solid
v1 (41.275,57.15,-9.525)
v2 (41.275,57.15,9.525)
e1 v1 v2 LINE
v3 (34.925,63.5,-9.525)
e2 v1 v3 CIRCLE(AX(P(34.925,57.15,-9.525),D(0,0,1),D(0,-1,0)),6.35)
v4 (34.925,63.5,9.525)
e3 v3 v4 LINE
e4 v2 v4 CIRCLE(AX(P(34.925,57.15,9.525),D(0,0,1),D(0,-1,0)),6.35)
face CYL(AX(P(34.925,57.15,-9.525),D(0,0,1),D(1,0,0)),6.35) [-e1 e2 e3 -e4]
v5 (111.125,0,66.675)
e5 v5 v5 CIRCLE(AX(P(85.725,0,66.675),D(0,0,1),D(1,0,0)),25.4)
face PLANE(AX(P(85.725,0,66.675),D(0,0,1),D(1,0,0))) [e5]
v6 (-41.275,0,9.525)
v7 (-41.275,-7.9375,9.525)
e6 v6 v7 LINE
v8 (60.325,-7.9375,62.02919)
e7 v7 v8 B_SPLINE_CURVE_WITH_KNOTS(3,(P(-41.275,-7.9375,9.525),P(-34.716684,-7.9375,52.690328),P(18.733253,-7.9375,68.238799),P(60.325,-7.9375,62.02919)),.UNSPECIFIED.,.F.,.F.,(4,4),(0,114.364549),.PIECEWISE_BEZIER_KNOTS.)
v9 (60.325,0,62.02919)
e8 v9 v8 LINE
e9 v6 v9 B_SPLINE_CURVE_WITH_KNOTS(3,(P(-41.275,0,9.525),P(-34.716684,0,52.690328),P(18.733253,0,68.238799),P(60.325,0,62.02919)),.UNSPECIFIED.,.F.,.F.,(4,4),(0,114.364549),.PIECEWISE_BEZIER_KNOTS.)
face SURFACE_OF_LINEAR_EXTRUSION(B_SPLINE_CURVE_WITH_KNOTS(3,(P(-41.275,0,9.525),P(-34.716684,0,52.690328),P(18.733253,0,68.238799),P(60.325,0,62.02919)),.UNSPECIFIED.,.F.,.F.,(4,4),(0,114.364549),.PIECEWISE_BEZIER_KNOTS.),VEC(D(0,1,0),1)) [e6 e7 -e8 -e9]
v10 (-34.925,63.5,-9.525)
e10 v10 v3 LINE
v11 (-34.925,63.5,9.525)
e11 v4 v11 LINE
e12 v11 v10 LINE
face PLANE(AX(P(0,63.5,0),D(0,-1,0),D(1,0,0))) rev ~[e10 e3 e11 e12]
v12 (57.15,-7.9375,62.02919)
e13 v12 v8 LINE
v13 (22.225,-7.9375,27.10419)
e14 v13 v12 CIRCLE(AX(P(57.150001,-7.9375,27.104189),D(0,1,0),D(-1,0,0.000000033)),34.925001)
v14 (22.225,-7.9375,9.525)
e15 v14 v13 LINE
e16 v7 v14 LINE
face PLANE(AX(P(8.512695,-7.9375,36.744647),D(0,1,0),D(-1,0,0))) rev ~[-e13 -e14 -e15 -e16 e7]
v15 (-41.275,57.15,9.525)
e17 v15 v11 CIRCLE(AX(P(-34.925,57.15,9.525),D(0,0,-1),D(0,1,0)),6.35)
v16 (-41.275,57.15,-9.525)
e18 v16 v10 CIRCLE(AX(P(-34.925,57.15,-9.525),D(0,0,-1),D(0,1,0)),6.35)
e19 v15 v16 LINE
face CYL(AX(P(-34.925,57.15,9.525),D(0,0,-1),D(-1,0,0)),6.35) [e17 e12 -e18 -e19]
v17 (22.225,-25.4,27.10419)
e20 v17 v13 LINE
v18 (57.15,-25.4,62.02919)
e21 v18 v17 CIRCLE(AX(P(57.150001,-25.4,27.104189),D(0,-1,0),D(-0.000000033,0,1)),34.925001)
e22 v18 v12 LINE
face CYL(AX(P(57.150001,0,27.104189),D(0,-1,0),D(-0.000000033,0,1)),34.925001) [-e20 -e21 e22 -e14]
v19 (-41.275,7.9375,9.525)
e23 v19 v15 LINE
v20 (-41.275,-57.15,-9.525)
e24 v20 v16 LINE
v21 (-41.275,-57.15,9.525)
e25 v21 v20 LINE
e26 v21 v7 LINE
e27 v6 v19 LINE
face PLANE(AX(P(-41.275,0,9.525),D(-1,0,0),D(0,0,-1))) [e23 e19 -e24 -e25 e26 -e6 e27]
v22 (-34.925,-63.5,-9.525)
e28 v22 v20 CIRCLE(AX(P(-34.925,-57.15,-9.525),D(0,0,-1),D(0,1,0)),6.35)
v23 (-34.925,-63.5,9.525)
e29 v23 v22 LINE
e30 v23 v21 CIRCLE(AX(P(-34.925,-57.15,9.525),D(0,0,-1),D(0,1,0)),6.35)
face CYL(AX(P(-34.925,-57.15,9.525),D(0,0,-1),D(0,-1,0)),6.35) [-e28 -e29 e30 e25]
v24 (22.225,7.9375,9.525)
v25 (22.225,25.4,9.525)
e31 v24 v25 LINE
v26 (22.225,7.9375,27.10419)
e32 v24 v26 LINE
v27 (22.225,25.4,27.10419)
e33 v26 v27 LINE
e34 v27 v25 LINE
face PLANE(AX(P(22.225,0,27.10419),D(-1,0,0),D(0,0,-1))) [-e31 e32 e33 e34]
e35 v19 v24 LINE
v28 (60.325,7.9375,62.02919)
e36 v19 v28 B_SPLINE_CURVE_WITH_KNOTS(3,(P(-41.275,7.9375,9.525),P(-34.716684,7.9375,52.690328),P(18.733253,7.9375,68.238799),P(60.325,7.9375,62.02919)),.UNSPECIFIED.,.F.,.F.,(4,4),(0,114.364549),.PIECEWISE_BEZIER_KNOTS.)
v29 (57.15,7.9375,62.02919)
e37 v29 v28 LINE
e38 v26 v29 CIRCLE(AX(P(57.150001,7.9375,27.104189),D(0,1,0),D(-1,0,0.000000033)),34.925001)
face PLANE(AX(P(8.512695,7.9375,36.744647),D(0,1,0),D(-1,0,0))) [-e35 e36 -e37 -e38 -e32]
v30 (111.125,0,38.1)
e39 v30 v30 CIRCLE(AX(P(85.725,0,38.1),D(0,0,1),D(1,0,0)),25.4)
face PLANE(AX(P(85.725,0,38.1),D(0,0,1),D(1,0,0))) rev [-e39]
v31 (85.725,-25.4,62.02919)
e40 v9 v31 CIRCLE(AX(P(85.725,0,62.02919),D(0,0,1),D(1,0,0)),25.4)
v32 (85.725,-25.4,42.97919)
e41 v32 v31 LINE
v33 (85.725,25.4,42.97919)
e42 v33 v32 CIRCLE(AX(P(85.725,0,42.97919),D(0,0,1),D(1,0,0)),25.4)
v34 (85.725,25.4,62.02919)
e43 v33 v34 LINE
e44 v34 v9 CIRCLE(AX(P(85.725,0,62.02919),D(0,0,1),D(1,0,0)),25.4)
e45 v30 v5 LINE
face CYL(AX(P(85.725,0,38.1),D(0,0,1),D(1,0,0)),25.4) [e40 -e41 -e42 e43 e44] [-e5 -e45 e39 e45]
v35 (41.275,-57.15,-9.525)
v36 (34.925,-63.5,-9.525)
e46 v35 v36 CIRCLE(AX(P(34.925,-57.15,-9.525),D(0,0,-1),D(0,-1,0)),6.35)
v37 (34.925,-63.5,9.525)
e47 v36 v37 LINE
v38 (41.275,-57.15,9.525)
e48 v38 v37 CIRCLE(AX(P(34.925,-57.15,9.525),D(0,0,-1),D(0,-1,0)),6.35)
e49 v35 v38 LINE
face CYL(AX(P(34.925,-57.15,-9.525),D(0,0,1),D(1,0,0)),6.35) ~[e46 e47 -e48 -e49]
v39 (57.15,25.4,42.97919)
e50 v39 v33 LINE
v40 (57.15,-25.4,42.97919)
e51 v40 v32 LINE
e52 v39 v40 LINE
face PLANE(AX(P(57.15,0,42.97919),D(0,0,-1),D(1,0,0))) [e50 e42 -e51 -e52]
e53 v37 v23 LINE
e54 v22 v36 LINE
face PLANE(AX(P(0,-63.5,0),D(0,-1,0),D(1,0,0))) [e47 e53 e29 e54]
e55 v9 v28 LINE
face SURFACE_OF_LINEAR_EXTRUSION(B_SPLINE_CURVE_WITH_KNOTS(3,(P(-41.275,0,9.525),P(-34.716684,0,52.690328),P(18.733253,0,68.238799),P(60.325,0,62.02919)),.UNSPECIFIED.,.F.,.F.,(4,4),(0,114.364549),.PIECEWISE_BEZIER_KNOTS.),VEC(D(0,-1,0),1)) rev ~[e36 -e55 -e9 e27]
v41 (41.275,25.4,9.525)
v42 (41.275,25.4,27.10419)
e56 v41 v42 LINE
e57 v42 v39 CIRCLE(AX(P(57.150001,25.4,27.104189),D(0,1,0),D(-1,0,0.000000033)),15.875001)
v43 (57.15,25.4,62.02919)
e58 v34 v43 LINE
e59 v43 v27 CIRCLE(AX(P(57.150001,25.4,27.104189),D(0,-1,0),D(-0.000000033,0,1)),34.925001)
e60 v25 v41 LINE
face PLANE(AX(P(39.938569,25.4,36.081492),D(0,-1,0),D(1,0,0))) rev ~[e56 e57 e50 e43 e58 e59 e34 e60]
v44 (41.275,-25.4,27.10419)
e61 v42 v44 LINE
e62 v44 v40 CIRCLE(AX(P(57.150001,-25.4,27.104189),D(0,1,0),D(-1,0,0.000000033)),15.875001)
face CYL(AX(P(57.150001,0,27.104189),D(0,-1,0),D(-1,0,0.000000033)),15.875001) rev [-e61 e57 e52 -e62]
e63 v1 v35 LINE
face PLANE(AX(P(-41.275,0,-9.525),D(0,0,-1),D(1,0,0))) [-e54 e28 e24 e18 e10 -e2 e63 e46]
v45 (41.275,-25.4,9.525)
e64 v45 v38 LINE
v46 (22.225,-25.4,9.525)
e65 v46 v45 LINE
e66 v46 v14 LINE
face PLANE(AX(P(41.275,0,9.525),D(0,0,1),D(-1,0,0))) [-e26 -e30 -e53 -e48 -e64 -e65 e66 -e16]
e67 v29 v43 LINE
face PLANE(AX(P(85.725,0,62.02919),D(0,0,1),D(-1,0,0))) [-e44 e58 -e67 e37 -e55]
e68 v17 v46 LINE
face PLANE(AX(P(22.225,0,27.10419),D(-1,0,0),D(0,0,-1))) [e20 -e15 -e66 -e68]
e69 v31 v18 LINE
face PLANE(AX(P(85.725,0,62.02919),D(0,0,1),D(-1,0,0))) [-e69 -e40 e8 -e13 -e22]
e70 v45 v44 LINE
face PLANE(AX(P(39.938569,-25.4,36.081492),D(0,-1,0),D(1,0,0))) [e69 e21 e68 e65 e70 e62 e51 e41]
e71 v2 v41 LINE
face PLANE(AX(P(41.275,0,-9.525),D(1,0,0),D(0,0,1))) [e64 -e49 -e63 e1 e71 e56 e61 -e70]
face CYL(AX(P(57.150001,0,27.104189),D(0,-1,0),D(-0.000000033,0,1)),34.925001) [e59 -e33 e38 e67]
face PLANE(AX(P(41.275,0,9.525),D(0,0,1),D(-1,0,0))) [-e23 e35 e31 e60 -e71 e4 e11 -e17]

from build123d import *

# Parameters (mm, degrees)
F1_DEPTH = 63.5
F0_W     = 25.4
F0_H     = 19.05
F2_DEPTH = 25.4
F3_DEPTH = 7.9375
F5_R     = 6.35


with BuildPart() as f1:
    # F0 (on Front) → F1 (new body, symmetric)
    with BuildSketch(Plane.XZ):
        Polygon((-41.275, -9.525), (41.275, -9.525), (41.275, 9.525), (22.225, 9.525), (-41.275, 9.525), align=None)
    extrude(amount=F1_DEPTH, both=True)

    # F0 (on Front) → F2 (join, symmetric)
    with BuildSketch(Plane.XZ):
        with BuildLine():
            Line((22.225, 9.525), (41.275, 9.525))
            Line((41.275, 9.525), (41.275, 27.10419))
            ThreePointArc((41.275, 27.10419), (45.92468, 38.32951), (57.15, 42.97919))
            Line((57.15, 42.97919), (60.325, 42.97919))
            Line((60.325, 42.97919), (60.325, 62.02919))
            Line((60.325, 62.02919), (57.15, 62.02919))
            ThreePointArc((57.15, 62.02919), (32.454296, 51.799894), (22.225, 27.10419))
            Line((22.225, 27.10419), (22.225, 9.525))
        make_face()
        with Locations((73.025, 52.50419)):
            Rectangle(F0_W, F0_H)
    extrude(amount=F2_DEPTH, both=True)

    # F0 (on Front) → F3 (join, symmetric)
    with BuildSketch(Plane.XZ):
        with BuildLine():
            add(Edge.make_bspline(
                [(-41.275, 9.525), (-34.716684, 52.690328), (18.733253, 68.238799), (60.325, 62.02919)],
                knots=[0, 0, 0, 0, 114.364549, 114.364549, 114.364549, 114.364549], degree=3))
            Line((-41.275, 9.525), (22.225, 9.525))
            Line((22.225, 9.525), (22.225, 27.10419))
            ThreePointArc((22.225, 27.10419), (32.454296, 51.799894), (57.15, 62.02919))
            Line((57.15, 62.02919), (60.325, 62.02919))
        make_face()
    extrude(amount=F3_DEPTH, both=True)

    # F0 (on Front) → F4 (revolve)
    with BuildSketch(Plane.XZ):
        Polygon((85.725, 66.675), (85.725, 62.02919), (85.725, 42.97919), (85.725, 38.1), (111.125, 38.1), (111.125, 66.675), align=None)
    revolve(axis=Axis((85.725, 0, 52.3875), (0, 0, 1)))

    # F5
    f5_edges = [f1.edges().sort_by_distance(p)[0] for p in [
        (41.275, -63.5, 0),
        (41.275, 63.5, 0),
        (-41.275, -63.5, 0),
        (-41.275, 63.5, 0),
    ]]
    fillet(f5_edges, radius=F5_R)


solid = f1.part
